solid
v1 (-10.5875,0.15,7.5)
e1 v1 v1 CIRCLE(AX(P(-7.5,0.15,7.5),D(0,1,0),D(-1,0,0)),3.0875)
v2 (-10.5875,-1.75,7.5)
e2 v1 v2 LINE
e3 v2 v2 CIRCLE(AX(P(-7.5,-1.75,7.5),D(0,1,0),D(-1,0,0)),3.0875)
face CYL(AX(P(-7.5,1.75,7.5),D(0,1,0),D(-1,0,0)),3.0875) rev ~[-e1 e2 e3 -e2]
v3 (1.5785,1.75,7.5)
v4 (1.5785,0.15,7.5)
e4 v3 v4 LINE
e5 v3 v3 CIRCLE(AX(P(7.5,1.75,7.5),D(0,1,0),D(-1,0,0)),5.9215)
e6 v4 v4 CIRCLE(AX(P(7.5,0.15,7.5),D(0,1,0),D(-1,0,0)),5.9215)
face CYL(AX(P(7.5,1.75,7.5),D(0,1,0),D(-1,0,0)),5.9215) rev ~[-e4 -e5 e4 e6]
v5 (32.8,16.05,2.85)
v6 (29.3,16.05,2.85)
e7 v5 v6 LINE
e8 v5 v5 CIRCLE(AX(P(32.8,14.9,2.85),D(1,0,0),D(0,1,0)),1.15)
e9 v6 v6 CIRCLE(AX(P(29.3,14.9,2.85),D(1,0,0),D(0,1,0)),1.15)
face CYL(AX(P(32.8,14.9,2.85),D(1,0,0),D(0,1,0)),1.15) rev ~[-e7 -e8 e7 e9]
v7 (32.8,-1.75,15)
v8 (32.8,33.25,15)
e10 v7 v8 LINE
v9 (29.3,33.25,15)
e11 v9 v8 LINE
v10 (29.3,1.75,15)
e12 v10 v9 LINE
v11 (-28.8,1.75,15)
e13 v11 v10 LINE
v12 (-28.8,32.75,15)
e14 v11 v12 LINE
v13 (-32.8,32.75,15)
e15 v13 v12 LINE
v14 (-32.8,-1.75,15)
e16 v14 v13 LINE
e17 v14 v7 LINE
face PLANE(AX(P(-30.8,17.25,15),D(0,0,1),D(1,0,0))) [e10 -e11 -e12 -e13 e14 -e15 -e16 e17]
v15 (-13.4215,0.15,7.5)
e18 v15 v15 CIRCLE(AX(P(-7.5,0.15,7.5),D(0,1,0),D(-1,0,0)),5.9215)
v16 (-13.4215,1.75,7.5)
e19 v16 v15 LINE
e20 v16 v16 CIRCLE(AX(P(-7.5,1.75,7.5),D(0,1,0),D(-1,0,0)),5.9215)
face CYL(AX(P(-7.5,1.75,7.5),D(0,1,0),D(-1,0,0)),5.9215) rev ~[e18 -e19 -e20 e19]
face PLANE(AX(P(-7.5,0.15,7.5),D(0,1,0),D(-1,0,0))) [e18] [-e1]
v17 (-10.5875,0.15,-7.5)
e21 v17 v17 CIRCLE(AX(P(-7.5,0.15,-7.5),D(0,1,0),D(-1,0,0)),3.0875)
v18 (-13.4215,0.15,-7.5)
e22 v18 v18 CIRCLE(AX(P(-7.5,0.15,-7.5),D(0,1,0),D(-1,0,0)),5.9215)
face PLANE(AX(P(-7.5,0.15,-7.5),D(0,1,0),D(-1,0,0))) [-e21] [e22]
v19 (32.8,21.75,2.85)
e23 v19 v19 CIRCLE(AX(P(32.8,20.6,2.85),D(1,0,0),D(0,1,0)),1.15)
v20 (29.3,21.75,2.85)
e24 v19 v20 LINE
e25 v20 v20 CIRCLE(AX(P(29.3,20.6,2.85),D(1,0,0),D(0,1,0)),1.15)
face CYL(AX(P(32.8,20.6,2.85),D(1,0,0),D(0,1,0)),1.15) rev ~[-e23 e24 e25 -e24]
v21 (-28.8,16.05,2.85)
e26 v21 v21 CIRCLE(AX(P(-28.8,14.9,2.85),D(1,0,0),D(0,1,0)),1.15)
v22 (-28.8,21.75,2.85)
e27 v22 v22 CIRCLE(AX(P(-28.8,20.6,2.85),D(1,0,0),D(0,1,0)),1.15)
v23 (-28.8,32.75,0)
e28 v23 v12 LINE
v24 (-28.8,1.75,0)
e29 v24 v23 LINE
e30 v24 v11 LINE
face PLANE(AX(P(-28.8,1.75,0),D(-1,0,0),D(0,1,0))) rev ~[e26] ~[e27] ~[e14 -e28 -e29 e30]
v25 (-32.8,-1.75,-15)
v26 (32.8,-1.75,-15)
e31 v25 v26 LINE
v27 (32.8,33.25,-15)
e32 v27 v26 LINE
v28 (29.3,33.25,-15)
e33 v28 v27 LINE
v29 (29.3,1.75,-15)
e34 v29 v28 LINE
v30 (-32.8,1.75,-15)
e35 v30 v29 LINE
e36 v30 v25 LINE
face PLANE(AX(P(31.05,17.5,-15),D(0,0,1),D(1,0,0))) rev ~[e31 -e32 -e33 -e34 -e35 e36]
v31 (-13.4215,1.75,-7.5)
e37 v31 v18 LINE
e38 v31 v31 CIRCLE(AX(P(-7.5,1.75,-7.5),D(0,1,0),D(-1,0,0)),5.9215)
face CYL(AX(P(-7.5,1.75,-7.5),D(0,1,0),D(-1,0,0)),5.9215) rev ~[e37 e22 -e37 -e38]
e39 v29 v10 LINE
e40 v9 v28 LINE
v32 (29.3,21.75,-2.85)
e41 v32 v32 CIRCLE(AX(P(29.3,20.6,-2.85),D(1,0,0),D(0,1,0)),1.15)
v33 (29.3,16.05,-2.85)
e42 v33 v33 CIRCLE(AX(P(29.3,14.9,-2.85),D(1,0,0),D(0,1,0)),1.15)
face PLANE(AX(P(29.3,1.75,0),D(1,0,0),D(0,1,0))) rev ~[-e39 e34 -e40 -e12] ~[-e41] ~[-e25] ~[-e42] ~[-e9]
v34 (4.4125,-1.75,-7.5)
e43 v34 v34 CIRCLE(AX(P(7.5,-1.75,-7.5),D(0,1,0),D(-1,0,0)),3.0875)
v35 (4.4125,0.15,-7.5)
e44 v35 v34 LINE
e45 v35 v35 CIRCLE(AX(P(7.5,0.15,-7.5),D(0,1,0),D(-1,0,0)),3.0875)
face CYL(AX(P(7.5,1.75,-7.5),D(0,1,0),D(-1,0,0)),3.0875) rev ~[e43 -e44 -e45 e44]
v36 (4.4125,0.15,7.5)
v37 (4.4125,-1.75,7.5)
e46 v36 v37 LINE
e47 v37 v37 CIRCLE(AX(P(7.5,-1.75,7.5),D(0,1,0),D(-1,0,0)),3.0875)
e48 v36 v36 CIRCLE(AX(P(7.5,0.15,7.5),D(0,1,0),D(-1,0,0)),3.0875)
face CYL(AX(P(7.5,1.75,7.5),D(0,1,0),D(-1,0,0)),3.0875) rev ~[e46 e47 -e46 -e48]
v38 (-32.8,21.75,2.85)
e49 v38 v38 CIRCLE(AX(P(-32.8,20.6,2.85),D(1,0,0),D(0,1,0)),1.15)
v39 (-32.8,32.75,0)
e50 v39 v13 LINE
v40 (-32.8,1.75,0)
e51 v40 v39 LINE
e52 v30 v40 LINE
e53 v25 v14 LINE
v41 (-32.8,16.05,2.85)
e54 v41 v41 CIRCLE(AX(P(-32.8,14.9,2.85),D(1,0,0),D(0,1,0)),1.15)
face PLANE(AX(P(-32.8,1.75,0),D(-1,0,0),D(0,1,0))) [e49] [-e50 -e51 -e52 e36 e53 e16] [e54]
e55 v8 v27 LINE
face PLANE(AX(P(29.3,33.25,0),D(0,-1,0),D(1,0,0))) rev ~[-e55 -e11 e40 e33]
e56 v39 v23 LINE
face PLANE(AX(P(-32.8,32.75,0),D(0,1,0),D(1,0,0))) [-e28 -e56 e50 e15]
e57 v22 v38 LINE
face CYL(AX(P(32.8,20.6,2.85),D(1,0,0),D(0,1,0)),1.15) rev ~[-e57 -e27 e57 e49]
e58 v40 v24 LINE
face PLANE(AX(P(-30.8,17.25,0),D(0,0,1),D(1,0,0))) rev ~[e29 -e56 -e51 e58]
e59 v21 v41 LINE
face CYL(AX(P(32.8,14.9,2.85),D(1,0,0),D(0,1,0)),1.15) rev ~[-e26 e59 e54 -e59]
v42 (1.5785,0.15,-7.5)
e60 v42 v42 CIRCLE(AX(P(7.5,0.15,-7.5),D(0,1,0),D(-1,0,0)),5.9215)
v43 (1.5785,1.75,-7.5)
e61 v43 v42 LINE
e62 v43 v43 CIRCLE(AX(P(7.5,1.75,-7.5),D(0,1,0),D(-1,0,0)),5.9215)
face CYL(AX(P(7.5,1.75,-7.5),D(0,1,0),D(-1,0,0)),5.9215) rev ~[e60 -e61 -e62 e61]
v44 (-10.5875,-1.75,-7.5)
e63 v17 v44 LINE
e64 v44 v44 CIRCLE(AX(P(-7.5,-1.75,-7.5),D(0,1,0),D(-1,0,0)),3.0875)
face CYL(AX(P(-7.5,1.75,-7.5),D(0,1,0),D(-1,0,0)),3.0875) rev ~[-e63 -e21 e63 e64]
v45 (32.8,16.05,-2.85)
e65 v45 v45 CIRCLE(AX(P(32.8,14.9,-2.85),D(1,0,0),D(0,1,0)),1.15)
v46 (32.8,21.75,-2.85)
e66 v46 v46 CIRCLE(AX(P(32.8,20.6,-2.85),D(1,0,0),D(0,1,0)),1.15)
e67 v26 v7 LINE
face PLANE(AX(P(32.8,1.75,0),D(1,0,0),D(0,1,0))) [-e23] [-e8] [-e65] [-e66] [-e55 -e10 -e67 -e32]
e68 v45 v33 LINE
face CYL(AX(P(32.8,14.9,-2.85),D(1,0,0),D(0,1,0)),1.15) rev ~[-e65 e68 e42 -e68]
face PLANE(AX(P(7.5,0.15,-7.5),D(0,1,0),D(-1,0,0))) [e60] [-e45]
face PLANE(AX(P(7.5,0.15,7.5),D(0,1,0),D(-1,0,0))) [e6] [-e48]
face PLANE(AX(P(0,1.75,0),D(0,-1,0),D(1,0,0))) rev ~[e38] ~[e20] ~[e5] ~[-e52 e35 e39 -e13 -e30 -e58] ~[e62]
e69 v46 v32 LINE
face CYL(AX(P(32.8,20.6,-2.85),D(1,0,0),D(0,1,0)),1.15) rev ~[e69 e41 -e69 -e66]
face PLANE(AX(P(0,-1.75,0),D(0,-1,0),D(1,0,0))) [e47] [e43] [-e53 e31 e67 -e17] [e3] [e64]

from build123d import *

# Parameters (mm, degrees)
F0_W      = 65.6
F0_H      = 30
F1_DEPTH  = 1.75
F2_W      = 3.5
F2_H      = 31.5
F3_DEPTH  = 15
F4_W      = 4
F4_H      = 31
F5_DEPTH  = 15
F6_R      = 1.15
F7_DEPTH  = 200
F8_R      = 3.0875
F9_DEPTH  = 25
F10_R     = 5.9215
F11_DEPTH = 1.6


with BuildPart() as f1:
    # F0 (on Front) → F1 (new body, symmetric)
    with BuildSketch(Plane.XZ):
        Rectangle(F0_W, F0_H)
    extrude(amount=F1_DEPTH, both=True)

    # F2 (on Top) → F3 (join, symmetric)
    with BuildSketch(Plane.XY):
        with Locations((31.05, 17.5)):
            Rectangle(F2_W, F2_H)
    extrude(amount=F3_DEPTH, both=True)

    # F4 (on Top) → F5 (join)
    with BuildSketch(Plane.XY):
        with Locations((-30.8, 17.25)):
            Rectangle(F4_W, F4_H)
    extrude(amount=F5_DEPTH)

    # F6 (on face) → F7 (cut)
    with BuildSketch(Plane.YZ.offset(32.8)):
        with Locations((14.9, 2.85)):
            Circle(F6_R)
        with Locations((20.6, 2.85)):
            Circle(F6_R)
        with Locations((14.9, -2.85)):
            Circle(F6_R)
        with Locations((20.6, -2.85)):
            Circle(F6_R)
    extrude(amount=-F7_DEPTH, mode=Mode.SUBTRACT)

    # F8 (on face) → F9 (cut)
    with BuildSketch(Plane(origin=(0, 1.75, 0), x_dir=(-1, 0, 0), z_dir=(0, 1, 0))):
        with Locations((-7.5, 7.5)):
            Circle(F8_R)
        with Locations((-7.5, -7.5)):
            Circle(F8_R)
        with Locations((7.5, 7.5)):
            Circle(F8_R)
        with Locations((7.5, -7.5)):
            Circle(F8_R)
    extrude(amount=-F9_DEPTH, mode=Mode.SUBTRACT)

    # F10 (on face) → F11 (cut)
    with BuildSketch(Plane(origin=(0, 1.75, 0), x_dir=(-1, 0, 0), z_dir=(0, 1, 0))):
        with Locations((-7.5, 7.5)):
            Circle(F10_R)
        with Locations((-7.5, -7.5)):
            Circle(F10_R)
        with Locations((7.5, -7.5)):
            Circle(F10_R)
        with Locations((7.5, 7.5)):
            Circle(F10_R)
    extrude(amount=-F11_DEPTH, mode=Mode.SUBTRACT)


solid = f1.part
